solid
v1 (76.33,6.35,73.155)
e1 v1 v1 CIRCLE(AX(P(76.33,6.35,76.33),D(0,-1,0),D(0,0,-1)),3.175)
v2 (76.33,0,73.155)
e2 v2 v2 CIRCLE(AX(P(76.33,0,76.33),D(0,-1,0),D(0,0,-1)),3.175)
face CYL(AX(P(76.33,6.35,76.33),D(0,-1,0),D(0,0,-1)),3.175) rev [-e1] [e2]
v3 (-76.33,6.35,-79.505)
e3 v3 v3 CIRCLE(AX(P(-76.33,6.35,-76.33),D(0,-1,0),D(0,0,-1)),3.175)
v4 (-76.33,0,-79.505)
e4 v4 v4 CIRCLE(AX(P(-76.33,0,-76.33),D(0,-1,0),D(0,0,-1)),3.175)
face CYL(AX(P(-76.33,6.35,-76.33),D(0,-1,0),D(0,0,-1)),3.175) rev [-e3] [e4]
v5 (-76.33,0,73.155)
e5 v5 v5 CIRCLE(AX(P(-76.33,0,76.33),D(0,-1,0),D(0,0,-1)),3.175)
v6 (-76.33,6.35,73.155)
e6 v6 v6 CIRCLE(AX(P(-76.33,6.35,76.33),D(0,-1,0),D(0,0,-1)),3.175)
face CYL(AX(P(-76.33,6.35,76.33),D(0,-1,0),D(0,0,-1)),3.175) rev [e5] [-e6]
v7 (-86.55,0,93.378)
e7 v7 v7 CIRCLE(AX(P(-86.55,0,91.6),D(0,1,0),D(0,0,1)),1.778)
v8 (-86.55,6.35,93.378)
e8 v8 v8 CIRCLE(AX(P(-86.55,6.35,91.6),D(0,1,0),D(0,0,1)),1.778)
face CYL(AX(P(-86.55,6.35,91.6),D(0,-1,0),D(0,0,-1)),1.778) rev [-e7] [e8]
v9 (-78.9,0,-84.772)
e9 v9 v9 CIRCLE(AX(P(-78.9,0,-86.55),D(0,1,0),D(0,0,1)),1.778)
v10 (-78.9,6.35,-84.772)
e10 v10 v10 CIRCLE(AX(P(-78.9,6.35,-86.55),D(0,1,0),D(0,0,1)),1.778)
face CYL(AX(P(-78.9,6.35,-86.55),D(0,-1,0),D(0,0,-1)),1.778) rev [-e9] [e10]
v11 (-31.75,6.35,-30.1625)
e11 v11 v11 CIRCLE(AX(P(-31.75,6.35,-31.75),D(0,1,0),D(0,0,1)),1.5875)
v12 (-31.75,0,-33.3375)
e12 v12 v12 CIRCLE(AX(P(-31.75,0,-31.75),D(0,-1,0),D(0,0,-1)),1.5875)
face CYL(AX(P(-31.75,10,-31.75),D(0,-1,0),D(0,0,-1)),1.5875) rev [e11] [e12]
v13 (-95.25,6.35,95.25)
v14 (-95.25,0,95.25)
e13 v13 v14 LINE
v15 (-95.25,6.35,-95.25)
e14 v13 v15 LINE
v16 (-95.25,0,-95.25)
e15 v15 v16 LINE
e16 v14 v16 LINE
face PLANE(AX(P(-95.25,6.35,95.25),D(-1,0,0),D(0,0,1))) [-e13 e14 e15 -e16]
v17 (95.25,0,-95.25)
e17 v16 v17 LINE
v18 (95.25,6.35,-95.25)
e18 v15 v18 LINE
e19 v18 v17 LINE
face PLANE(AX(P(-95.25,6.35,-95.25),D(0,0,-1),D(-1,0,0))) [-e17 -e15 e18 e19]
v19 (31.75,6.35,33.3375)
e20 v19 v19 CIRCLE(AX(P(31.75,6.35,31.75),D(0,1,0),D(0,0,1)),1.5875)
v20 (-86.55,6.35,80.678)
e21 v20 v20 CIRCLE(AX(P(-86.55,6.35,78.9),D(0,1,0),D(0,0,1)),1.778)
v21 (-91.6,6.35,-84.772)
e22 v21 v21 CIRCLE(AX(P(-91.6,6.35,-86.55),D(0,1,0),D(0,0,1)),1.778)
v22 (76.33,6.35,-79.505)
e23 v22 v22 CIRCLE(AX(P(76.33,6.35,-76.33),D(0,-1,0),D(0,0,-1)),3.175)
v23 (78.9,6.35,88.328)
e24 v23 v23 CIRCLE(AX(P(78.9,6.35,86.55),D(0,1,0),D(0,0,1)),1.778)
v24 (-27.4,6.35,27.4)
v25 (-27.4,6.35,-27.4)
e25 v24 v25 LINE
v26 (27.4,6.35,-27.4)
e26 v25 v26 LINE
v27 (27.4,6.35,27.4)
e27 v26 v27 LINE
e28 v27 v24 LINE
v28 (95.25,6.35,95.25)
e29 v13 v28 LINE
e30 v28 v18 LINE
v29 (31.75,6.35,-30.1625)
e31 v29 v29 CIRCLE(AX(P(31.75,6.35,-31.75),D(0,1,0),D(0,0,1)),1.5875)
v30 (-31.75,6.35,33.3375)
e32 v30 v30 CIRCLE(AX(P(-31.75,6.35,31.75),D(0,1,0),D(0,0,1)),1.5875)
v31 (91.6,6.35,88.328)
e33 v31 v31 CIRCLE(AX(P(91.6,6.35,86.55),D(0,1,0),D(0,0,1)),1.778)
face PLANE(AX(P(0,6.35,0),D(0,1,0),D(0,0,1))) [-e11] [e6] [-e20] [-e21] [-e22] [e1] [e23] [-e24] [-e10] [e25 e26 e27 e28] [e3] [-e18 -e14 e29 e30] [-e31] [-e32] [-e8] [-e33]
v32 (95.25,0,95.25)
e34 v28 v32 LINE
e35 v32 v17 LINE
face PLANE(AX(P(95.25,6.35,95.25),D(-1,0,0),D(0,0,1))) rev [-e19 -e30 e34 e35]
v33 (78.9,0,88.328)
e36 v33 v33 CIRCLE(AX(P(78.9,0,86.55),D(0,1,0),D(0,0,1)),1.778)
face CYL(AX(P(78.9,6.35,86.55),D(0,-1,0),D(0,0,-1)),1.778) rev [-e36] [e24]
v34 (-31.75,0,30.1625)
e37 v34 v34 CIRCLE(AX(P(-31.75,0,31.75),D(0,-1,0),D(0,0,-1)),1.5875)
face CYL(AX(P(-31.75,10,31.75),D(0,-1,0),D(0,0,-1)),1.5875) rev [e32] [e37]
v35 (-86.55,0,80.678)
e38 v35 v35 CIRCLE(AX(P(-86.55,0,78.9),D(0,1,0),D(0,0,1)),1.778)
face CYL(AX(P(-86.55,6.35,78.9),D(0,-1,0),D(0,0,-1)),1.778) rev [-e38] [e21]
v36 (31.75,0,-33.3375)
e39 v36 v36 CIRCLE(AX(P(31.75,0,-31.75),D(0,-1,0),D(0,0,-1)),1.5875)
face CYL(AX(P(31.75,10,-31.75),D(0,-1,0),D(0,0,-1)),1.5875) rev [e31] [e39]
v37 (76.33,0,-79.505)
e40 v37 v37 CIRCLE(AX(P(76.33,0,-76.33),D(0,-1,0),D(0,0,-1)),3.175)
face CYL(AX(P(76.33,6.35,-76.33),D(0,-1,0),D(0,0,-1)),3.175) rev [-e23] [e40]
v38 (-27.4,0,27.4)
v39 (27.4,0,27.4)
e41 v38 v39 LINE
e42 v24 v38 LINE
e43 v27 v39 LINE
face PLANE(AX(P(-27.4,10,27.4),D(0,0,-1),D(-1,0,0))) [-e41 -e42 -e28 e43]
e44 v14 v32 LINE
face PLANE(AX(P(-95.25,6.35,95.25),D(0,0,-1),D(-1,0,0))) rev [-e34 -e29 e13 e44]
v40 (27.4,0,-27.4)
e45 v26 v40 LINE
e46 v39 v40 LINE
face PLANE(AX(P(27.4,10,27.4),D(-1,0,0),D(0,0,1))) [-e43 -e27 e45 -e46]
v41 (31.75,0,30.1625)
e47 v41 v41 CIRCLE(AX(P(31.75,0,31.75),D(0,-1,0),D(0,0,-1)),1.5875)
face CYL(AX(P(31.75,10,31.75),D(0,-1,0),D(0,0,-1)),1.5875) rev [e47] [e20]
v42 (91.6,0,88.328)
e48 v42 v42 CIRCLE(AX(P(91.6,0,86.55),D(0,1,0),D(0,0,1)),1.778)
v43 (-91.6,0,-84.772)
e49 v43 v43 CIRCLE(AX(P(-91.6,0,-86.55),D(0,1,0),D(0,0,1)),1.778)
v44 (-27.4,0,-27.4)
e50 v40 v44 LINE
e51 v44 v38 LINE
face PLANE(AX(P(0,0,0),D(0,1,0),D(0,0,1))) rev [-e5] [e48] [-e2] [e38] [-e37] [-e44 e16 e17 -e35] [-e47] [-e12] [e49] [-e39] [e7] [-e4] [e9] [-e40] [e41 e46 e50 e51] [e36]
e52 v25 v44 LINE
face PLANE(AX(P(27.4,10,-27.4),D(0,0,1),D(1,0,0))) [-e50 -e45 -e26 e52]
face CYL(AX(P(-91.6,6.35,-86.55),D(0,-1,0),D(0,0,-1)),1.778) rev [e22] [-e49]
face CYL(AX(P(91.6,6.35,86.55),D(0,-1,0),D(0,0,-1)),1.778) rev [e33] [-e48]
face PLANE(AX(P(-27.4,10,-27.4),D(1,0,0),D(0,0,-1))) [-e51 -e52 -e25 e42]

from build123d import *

# Parameters (mm, degrees)
SKETCH1_W           = 190.5
SKETCH1_H           = 190.5
SKETCH1_R           = 1.905
SKETCH1_R_2         = 1.778
BOSS_EXTRUDE1_DEPTH = 6.35
SKETCH2_W           = 54.8
SKETCH2_H           = 54.8
CUT_EXTRUDE4_DEPTH  = 10
SKETCH4_R           = 1.5875
CUT_EXTRUDE5_DEPTH  = 10
SKETCH5_R           = 3.175
CUT_EXTRUDE6_DEPTH  = 7.35


with BuildPart() as part:
    # Sketch1 → Boss-Extrude1 (new body)
    with BuildSketch(Plane(origin=(0, 0, 0), x_dir=(1, 0, 0), z_dir=(0, 1, 0))):
        Rectangle(SKETCH1_W, SKETCH1_H)
        with Locations((-11.303, 11.303)):
            Circle(SKETCH1_R, mode=Mode.SUBTRACT)
        with Locations((-11.303, -11.303)):
            Circle(SKETCH1_R, mode=Mode.SUBTRACT)
        with Locations((11.303, 11.303)):
            Circle(SKETCH1_R, mode=Mode.SUBTRACT)
        with Locations((11.303, -11.303)):
            Circle(SKETCH1_R, mode=Mode.SUBTRACT)
        with Locations((-78.9, 86.55)):
            Circle(SKETCH1_R_2, mode=Mode.SUBTRACT)
        with Locations((-91.6, 86.55)):
            Circle(SKETCH1_R_2, mode=Mode.SUBTRACT)
        with Locations((91.6, -86.55)):
            Circle(SKETCH1_R_2, mode=Mode.SUBTRACT)
        with Locations((78.9, -86.55)):
            Circle(SKETCH1_R_2, mode=Mode.SUBTRACT)
        with Locations((-86.55, -78.9)):
            Circle(SKETCH1_R_2, mode=Mode.SUBTRACT)
        with Locations((-86.55, -91.6)):
            Circle(SKETCH1_R_2, mode=Mode.SUBTRACT)
    extrude(amount=BOSS_EXTRUDE1_DEPTH)

    # Sketch2 → Cut-Extrude4 (cut)
    with BuildSketch(Plane.XZ):
        Rectangle(SKETCH2_W, SKETCH2_H)
    extrude(amount=-CUT_EXTRUDE4_DEPTH, mode=Mode.SUBTRACT)

    # Sketch4 → Cut-Extrude5 (cut)
    with BuildSketch(Plane.XZ):
        with Locations((-31.75, 31.75)):
            Circle(SKETCH4_R)
        with Locations((31.75, 31.75)):
            Circle(SKETCH4_R)
        with Locations((31.75, -31.75)):
            Circle(SKETCH4_R)
        with Locations((-31.75, -31.75)):
            Circle(SKETCH4_R)
    extrude(amount=-CUT_EXTRUDE5_DEPTH, mode=Mode.SUBTRACT)

    # Sketch5 → Cut-Extrude6 (cut, through all)
    with BuildSketch(Plane.XZ):
        with Locations((76.33, -76.33)):
            Circle(SKETCH5_R)
        with Locations((76.33, 76.33)):
            Circle(SKETCH5_R)
        with Locations((-76.33, -76.33)):
            Circle(SKETCH5_R)
        with Locations((-76.33, 76.33)):
            Circle(SKETCH5_R)
    extrude(amount=-CUT_EXTRUDE6_DEPTH, mode=Mode.SUBTRACT)


solid = part.part
